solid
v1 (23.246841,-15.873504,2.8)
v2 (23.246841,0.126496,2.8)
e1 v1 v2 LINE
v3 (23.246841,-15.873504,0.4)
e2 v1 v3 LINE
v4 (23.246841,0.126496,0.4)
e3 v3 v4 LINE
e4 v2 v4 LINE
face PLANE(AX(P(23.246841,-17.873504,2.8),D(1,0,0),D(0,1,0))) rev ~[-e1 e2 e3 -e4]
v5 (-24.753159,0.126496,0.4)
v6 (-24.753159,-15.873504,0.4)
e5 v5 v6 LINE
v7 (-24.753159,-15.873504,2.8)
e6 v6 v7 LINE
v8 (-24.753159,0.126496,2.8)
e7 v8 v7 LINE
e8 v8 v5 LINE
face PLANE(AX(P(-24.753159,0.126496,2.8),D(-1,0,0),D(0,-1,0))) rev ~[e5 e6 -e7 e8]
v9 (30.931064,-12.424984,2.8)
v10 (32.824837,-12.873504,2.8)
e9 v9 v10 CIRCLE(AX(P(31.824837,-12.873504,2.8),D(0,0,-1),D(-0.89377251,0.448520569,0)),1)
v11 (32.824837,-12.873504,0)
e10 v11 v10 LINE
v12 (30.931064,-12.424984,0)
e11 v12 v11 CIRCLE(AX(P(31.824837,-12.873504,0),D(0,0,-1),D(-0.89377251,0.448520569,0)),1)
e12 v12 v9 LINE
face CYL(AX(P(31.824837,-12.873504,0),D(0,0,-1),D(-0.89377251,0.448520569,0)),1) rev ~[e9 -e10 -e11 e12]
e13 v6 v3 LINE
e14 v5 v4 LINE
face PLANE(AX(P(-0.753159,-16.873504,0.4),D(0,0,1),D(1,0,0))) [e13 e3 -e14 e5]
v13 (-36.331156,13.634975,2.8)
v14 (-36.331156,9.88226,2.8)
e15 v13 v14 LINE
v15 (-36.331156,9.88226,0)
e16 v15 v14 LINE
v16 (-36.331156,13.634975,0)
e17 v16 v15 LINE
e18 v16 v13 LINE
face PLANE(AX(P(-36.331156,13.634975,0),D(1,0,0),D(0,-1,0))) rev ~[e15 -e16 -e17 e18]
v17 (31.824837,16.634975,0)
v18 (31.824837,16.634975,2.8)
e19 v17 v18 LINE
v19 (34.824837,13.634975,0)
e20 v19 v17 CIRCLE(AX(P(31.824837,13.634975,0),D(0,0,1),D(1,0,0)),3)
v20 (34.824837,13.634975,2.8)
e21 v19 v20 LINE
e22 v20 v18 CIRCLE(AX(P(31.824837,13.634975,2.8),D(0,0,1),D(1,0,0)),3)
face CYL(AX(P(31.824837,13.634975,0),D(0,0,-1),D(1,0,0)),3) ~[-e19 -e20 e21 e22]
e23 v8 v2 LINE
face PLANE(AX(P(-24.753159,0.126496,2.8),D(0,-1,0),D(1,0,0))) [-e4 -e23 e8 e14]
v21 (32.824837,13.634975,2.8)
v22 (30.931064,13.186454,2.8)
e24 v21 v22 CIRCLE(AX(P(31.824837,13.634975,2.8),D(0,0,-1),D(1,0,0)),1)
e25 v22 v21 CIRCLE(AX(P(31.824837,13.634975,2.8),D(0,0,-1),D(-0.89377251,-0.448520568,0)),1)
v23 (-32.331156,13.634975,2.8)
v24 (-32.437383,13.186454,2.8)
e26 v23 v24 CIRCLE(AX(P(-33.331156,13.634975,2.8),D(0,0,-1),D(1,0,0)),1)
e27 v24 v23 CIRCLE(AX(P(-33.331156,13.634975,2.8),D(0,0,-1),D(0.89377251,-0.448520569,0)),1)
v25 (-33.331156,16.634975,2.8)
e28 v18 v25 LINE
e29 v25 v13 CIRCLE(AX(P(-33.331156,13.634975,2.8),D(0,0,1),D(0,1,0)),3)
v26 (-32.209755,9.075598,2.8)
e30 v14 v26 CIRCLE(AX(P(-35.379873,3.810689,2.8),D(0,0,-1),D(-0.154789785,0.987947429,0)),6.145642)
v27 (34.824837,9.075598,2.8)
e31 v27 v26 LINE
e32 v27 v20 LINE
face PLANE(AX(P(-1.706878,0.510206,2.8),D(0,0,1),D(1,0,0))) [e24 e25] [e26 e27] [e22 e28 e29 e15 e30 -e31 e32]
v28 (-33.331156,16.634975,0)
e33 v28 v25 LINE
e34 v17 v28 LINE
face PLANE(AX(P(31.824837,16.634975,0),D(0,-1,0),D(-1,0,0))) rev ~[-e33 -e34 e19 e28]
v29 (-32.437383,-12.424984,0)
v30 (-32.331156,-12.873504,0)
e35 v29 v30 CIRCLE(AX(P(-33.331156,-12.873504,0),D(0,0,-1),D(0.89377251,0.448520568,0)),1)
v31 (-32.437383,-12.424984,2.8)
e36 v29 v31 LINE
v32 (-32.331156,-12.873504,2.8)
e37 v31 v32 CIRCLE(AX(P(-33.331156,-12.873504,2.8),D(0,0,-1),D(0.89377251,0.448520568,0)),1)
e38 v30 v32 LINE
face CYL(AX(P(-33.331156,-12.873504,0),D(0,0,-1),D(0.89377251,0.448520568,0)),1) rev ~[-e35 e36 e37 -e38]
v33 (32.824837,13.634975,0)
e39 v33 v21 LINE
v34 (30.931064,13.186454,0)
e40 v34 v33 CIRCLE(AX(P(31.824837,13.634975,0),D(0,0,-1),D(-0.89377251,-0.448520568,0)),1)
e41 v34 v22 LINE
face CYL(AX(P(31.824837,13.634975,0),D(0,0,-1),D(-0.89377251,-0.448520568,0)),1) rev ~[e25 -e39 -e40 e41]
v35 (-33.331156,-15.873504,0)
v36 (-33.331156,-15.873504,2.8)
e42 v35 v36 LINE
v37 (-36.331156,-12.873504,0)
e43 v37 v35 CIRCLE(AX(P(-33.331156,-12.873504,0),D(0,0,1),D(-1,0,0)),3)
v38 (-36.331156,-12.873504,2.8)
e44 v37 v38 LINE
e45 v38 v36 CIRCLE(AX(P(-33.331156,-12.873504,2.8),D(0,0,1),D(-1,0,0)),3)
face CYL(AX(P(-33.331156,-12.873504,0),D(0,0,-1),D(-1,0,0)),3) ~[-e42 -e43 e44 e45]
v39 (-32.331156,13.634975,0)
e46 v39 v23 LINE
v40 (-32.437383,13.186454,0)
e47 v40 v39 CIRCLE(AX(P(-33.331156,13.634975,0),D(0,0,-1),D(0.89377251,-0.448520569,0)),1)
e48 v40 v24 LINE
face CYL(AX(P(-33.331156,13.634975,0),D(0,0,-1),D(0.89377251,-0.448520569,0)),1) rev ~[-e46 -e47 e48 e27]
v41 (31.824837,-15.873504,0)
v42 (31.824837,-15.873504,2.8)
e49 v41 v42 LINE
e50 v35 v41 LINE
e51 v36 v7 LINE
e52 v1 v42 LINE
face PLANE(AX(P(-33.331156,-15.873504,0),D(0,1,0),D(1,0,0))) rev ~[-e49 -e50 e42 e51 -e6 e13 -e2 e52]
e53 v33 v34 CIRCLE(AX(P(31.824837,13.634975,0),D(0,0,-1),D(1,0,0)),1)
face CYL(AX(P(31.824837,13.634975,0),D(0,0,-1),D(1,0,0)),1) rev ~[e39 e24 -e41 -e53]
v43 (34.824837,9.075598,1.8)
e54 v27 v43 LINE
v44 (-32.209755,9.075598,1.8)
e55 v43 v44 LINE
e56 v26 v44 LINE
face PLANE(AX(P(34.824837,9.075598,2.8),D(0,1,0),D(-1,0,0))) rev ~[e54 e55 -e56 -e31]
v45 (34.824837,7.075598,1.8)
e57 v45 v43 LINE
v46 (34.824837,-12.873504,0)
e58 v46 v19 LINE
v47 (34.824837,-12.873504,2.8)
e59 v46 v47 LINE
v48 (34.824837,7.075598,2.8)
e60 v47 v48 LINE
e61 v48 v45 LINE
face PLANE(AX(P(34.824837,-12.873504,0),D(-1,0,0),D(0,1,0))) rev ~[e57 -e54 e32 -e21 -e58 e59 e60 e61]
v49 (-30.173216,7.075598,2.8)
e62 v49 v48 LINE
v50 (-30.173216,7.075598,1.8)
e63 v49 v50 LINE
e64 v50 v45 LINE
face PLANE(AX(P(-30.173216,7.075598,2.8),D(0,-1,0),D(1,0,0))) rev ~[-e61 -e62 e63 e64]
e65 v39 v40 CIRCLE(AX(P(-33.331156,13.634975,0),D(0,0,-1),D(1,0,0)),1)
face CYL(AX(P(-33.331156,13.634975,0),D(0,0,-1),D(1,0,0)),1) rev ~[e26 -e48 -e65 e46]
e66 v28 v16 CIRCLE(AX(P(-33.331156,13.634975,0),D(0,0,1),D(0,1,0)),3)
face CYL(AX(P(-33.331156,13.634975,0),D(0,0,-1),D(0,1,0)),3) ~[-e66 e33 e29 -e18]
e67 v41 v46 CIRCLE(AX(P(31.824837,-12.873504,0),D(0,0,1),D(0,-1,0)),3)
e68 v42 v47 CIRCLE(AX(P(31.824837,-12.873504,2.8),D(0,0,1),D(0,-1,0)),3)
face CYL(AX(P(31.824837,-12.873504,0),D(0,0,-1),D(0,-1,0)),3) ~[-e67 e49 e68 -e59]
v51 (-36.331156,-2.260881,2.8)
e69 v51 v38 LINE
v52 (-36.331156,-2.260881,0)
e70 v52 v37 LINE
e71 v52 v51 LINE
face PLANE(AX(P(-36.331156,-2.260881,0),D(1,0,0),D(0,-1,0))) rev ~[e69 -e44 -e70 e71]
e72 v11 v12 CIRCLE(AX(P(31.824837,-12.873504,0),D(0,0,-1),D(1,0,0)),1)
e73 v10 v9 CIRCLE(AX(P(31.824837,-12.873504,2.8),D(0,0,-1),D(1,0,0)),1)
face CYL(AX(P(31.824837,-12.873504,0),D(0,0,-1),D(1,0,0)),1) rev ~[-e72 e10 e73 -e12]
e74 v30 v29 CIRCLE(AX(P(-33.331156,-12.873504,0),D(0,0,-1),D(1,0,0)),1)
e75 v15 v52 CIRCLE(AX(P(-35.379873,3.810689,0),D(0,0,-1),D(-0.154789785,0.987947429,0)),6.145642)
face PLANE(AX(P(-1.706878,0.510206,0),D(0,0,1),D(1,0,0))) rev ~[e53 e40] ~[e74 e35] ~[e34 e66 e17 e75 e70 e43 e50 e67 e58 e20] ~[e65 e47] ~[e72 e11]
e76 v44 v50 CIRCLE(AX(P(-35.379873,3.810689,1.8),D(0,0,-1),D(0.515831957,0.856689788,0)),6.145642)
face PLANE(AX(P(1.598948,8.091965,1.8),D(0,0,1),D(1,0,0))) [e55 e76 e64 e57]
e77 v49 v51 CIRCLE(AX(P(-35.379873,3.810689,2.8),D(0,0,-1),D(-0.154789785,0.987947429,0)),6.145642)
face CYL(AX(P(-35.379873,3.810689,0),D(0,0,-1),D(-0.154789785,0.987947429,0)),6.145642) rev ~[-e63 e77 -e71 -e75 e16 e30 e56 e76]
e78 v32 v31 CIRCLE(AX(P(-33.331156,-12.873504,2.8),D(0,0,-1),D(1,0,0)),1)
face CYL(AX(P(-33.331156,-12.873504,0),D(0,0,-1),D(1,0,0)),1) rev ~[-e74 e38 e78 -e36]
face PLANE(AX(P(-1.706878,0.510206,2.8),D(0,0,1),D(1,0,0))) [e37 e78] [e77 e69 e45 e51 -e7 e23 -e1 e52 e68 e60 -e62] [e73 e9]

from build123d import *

# Parameters (mm, degrees)
F1_DEPTH = 2.8
F2_W     = 48
F2_H     = 2
F2_H_2   = 16
F3_DEPTH = 2.4
F4_DEPTH = 1


with BuildPart() as f1:
    # F0 (on Top) → F1 (new body)
    with BuildSketch(Plane.XY):
        with BuildLine():
            ThreePointArc((34.8248369992, 13.6349746287), (33.9461573427, 15.7562949722), (31.8248369992, 16.6349746287))
            Line((31.8248369992, 16.6349746287), (-33.3311557472, 16.6349746287))
            ThreePointArc((-33.3311557472, 16.6349746287), (-35.4524760907, 15.7562949722), (-36.3311557472, 13.6349746287))
            Line((-36.3311557472, 13.6349746287), (-36.3311557472, 9.882260114))
            ThreePointArc((-36.3311557472, 9.882260114), (-29.2342316353, 3.8106893189), (-36.3311557472, -2.2608814761))
            Line((-36.3311557472, -2.2608814761), (-36.3311557472, -12.8735043705))
            ThreePointArc((-36.3311557472, -12.8735043705), (-35.4524760907, -14.994824714), (-33.3311557472, -15.8735043705))
            Line((-33.3311557472, -15.8735043705), (31.8248369992, -15.8735043705))
            ThreePointArc((31.8248369992, -15.8735043705), (33.9461573427, -14.994824714), (34.8248369992, -12.8735043705))
            Line((34.8248369992, -12.8735043705), (34.8248369992, 13.6349746287))
        make_face()
        with BuildLine():
            ThreePointArc((-32.3311557472, -12.8735043705), (-34.3042365532, -13.1039685651), (-32.4373832372, -12.4249838019))
            ThreePointArc((-32.4373832372, -12.4249838019), (-32.3580749412, -12.6430401758), (-32.3311557472, -12.8735043705))
        make_face(mode=Mode.SUBTRACT)
        with BuildLine():
            ThreePointArc((32.8248369992, -12.8735043705), (31.5943728046, -13.8465851764), (30.9310644892, -12.4249838019))
            ThreePointArc((30.9310644892, -12.4249838019), (32.0553011938, -11.9004235645), (32.8248369992, -12.8735043705))
        make_face(mode=Mode.SUBTRACT)
        with BuildLine():
            ThreePointArc((-32.3311557472, 13.6349746287), (-32.3580749412, 13.4045104341), (-32.4373832372, 13.1864540602))
            ThreePointArc((-32.4373832372, 13.1864540602), (-34.3042365532, 13.8654388233), (-32.3311557472, 13.6349746287))
        make_face(mode=Mode.SUBTRACT)
        with BuildLine():
            ThreePointArc((32.8248369992, 13.6349746287), (32.0553011938, 12.6618938227), (30.9310644892, 13.1864540602))
            ThreePointArc((30.9310644892, 13.1864540602), (31.5943728046, 14.6080554347), (32.8248369992, 13.6349746287))
        make_face(mode=Mode.SUBTRACT)
    extrude(amount=F1_DEPTH)

    # F2 (on face) → F3 (cut)
    with BuildSketch(Plane.XY.offset(2.8)):
        with Locations((-0.753159374, -16.8735043705)):
            Rectangle(F2_W, F2_H)
        with Locations((-0.753159374, -7.8735043705)):
            Rectangle(F2_W, F2_H_2)
    extrude(amount=-F3_DEPTH, mode=Mode.SUBTRACT)

    # F2 (on face) → F4 (cut)
    with BuildSketch(Plane.XY.offset(2.8)):
        with BuildLine():
            Line((-30.1732155819, 7.075597696), (34.8248369992, 7.075597696))
            Line((34.8248369992, 7.075597696), (34.8248369992, 9.075597696))
            Line((34.8248369992, 9.075597696), (-32.2097548914, 9.075597696))
            ThreePointArc((-32.2097548914, 9.075597696), (-31.0737619928, 8.1954717029), (-30.1732155819, 7.075597696))
        make_face()
    extrude(amount=-F4_DEPTH, mode=Mode.SUBTRACT)


solid = f1.part
